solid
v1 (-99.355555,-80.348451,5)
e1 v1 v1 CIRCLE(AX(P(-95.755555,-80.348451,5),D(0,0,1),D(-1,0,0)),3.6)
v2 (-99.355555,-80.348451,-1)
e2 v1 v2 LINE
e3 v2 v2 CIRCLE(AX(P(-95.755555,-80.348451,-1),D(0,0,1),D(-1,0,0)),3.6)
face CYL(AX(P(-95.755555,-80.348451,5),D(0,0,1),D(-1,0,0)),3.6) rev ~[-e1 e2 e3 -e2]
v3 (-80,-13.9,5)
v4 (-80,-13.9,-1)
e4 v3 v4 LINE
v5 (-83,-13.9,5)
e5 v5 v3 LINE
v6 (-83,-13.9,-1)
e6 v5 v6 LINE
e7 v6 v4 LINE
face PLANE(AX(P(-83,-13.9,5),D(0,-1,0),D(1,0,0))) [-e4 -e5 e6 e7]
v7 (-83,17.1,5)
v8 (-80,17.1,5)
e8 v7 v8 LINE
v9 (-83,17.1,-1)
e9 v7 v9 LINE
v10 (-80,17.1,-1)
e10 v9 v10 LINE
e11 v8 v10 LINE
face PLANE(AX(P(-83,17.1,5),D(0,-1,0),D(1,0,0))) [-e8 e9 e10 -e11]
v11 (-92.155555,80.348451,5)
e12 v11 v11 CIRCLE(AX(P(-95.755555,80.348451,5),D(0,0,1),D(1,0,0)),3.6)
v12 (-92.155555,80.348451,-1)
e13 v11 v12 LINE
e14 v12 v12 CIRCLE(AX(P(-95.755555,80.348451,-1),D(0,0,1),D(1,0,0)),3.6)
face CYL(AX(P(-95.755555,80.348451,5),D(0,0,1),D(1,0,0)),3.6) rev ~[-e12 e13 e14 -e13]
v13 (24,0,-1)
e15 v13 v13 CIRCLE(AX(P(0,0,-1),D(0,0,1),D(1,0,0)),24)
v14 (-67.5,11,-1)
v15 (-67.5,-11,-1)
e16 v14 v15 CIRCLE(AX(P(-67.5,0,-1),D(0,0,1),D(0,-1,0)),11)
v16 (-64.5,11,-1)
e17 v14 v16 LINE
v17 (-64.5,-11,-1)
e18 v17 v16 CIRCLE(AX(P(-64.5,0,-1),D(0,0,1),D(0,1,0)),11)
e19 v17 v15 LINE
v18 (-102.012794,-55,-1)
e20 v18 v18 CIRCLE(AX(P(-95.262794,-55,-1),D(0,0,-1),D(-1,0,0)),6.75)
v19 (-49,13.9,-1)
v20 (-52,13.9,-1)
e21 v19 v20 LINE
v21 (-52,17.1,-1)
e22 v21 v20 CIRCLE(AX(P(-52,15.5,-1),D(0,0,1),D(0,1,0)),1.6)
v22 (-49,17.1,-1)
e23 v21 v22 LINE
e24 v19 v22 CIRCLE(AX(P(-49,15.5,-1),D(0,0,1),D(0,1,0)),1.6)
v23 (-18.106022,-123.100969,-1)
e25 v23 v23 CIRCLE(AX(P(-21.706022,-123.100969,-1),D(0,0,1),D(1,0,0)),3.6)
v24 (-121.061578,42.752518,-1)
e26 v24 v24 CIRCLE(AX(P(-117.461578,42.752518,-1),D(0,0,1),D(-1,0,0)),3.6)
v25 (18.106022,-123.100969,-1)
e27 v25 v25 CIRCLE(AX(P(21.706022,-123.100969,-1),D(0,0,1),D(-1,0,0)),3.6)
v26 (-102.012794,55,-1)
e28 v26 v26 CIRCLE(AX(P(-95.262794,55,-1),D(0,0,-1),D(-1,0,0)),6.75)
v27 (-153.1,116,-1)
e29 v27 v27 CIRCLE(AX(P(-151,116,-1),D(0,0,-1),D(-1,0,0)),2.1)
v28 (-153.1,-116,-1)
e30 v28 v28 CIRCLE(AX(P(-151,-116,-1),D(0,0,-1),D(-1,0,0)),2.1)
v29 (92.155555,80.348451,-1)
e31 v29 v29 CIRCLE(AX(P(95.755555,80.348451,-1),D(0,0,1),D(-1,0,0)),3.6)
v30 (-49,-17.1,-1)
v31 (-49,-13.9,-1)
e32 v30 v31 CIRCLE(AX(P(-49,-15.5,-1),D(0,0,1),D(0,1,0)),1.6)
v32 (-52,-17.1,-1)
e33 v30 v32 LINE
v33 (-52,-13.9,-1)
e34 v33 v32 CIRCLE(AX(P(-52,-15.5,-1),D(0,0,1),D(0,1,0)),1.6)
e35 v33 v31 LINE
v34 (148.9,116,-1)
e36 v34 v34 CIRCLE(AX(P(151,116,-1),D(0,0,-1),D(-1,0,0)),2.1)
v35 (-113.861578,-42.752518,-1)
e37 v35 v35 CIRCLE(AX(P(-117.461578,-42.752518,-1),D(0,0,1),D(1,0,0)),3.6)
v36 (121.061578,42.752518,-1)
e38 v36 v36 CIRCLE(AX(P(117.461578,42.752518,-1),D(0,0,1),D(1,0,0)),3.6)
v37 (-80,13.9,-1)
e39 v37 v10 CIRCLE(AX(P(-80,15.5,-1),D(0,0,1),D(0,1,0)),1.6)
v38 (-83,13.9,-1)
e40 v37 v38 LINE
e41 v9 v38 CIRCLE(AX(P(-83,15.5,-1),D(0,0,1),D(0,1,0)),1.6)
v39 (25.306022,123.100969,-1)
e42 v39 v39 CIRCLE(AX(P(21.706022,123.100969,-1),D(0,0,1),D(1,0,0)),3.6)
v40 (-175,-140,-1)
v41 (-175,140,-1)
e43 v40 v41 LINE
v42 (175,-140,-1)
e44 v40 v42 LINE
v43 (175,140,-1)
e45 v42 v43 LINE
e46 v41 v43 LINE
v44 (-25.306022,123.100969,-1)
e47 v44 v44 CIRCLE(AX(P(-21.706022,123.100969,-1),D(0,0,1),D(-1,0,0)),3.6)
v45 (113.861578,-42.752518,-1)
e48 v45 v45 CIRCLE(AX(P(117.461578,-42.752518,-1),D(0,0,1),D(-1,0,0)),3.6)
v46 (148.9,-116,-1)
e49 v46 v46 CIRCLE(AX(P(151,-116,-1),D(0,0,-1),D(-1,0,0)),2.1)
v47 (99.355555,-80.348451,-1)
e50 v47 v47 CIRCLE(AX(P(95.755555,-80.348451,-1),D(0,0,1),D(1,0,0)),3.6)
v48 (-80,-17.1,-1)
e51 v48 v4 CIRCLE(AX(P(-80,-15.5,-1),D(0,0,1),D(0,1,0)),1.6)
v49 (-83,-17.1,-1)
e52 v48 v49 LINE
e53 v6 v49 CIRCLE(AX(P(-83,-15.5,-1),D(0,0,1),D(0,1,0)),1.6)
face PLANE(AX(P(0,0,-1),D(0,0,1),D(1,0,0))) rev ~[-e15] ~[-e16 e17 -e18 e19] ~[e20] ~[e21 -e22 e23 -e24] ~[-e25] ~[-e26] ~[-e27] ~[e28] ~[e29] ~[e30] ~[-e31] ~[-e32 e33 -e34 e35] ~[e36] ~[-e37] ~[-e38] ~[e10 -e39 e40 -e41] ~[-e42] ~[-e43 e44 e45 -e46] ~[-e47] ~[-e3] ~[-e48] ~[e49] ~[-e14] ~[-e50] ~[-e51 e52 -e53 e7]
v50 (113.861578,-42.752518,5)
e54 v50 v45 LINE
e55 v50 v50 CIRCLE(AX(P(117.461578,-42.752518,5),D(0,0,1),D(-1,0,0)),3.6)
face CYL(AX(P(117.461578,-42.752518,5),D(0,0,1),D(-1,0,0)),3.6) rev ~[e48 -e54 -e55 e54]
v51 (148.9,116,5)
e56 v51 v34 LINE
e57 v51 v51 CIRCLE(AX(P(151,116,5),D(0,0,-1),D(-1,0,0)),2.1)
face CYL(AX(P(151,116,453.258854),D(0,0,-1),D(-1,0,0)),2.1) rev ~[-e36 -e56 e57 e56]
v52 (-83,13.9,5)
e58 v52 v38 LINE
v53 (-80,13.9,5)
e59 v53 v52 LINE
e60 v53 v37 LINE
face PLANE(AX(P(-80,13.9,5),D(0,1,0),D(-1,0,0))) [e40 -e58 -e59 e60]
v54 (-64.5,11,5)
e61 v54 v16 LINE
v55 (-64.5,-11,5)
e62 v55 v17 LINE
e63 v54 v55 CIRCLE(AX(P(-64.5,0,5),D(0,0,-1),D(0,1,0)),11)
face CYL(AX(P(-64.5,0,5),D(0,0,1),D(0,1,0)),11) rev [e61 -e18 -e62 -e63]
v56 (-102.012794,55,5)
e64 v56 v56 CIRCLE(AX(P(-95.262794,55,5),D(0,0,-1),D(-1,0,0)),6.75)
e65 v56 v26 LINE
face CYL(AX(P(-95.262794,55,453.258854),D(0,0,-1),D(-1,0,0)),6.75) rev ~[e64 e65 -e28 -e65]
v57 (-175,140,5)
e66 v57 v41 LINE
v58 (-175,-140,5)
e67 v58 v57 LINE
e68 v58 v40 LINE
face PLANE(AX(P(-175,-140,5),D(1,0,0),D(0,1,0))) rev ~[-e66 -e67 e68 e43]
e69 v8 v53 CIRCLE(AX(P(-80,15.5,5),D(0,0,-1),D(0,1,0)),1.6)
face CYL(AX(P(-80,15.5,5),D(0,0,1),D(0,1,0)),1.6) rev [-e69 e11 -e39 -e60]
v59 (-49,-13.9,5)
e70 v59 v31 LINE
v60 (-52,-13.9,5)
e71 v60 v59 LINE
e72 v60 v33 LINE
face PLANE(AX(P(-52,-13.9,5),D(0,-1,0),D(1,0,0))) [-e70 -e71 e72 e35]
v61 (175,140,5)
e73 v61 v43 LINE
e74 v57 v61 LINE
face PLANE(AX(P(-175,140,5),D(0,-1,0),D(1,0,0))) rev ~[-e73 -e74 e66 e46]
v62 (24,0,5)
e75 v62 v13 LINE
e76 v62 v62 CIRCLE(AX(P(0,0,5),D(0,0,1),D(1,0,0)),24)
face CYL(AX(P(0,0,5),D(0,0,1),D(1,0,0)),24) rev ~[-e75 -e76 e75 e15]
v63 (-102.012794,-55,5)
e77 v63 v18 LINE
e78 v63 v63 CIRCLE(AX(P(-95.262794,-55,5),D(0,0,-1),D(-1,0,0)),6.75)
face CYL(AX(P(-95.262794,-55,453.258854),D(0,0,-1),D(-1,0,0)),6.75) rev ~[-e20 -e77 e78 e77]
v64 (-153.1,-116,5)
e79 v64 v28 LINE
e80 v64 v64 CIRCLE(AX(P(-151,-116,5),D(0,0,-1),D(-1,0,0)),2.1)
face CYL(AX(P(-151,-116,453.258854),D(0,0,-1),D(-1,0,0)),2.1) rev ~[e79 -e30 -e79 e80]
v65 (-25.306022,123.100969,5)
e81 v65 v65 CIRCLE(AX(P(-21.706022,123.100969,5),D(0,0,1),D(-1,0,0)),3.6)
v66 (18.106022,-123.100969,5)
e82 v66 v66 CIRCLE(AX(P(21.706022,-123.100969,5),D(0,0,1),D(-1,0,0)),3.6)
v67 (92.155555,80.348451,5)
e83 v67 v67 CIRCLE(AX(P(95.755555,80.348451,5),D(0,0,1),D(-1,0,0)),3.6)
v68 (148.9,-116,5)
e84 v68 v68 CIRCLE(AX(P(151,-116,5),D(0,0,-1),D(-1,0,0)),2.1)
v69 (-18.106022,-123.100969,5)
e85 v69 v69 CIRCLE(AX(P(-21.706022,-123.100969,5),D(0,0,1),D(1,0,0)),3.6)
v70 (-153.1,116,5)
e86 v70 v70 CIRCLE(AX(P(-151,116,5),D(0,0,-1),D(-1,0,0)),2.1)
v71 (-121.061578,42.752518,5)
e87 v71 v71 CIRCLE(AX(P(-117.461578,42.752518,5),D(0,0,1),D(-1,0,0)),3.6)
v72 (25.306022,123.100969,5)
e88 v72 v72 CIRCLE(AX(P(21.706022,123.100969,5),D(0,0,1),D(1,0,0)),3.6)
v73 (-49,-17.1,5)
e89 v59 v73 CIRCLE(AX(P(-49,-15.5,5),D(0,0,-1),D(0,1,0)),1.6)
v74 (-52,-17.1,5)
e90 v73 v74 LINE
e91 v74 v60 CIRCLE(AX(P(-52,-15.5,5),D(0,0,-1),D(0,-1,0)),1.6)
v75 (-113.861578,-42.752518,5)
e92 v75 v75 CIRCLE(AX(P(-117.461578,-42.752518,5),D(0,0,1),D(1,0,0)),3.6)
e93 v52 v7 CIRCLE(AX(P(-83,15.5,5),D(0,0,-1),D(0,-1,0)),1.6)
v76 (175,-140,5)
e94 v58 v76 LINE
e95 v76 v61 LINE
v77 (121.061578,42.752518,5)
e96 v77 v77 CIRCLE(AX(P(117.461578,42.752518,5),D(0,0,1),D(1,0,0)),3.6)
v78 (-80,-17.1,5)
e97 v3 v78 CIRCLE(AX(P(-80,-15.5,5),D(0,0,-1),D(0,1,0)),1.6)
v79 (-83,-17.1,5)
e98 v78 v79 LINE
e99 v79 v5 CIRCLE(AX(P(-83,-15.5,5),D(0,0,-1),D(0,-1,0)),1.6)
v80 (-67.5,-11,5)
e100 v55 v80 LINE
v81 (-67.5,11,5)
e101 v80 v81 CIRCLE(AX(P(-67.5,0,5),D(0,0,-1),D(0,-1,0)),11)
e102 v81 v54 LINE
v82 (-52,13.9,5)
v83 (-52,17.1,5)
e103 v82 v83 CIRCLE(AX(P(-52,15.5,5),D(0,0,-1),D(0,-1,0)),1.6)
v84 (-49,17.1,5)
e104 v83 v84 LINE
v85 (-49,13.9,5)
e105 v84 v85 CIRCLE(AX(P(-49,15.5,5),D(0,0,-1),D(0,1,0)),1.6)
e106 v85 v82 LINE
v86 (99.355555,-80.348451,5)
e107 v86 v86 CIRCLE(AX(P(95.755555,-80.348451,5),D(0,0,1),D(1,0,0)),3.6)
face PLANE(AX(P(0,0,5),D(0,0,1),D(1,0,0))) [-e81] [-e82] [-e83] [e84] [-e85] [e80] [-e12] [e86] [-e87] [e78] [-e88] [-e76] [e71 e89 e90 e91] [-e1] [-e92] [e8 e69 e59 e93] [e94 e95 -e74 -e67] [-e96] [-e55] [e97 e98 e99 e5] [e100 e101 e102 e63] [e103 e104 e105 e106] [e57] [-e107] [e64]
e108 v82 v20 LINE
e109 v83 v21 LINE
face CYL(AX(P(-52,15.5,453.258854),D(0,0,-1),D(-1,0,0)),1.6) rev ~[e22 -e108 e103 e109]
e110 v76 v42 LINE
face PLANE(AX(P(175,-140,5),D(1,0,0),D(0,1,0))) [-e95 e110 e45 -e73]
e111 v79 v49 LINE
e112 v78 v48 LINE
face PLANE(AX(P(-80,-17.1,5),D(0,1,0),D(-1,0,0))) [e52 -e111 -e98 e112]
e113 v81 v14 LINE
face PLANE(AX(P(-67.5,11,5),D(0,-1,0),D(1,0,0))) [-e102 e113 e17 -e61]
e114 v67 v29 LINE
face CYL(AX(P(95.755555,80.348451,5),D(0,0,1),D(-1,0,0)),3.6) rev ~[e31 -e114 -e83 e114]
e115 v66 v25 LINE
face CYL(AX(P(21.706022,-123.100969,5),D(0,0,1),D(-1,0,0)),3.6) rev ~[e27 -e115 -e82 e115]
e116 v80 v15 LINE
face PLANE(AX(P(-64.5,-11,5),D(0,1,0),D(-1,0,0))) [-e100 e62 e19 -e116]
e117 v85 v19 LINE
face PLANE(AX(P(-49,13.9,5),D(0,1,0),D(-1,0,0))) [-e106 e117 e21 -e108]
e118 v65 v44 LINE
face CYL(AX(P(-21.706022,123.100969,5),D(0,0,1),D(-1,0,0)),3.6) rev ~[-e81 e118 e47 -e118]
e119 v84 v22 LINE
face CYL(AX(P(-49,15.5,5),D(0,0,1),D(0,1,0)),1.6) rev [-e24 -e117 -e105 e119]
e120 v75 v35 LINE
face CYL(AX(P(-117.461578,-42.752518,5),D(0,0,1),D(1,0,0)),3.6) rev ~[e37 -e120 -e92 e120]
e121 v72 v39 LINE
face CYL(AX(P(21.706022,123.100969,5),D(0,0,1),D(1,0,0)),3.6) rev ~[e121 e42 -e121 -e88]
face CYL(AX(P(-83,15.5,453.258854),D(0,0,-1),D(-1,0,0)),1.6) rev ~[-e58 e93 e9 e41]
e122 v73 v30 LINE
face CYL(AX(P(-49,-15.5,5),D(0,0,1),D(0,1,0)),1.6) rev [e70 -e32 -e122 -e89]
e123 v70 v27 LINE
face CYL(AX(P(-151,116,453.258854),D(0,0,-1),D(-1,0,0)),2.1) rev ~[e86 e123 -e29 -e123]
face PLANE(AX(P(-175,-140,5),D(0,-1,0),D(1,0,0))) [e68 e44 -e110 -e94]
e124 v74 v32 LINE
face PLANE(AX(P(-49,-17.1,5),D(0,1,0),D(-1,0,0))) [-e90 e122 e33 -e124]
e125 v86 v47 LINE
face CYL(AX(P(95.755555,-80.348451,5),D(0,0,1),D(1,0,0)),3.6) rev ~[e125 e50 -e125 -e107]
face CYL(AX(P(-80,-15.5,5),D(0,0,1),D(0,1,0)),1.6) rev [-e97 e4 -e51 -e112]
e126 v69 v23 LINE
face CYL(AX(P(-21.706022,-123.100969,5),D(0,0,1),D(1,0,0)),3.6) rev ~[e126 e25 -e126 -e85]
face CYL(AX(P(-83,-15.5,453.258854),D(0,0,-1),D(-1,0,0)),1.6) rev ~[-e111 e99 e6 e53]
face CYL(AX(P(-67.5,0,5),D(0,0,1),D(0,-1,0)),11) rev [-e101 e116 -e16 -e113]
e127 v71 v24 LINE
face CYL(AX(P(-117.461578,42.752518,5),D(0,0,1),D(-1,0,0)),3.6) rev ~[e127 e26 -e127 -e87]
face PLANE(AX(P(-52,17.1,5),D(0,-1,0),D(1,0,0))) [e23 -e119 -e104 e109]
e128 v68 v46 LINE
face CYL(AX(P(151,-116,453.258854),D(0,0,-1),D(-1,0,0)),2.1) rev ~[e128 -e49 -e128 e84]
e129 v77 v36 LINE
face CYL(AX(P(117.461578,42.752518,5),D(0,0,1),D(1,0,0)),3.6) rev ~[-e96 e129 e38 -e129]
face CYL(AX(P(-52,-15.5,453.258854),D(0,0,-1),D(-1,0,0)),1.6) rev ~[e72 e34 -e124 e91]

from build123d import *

# Parameters (mm, degrees)
ESBO_O1_W                    = 350
ESBO_O1_H                    = 280
RESSALTO_EXTRUS_O1_DEPTH     = 6
ESBO_O2_R                    = 24
CORTE_EXTRUS_O1_DEPTH        = 225.189651858
FUROS_GUIA_COM_8_0MM1_D      = 8
FURO_DE_DI_METRO_3_2_3_2_1_D = 3.2
FURO_COM_FOLGA_DE_M121_D     = 13.5
ESBO_O9_R                    = 3.6
CORTE_EXTRUS_O2_DEPTH        = 10
FURO_DE_DI_METRO_4_2_4_2_1_D = 4.2
CORTE_EXTRUS_O3_DEPTH        = 225.189651858


with BuildPart() as part:
    # Esboço1 → Ressalto-extrusão1 (new body)
    with BuildSketch(Plane.XY.offset(5)):
        Rectangle(ESBO_O1_W, ESBO_O1_H)
    extrude(amount=-RESSALTO_EXTRUS_O1_DEPTH)

    # Esboço2 → Corte-extrusão1 (cut, through all)
    with BuildSketch(Plane.XY.offset(5)):
        Circle(ESBO_O2_R)
    extrude(amount=-CORTE_EXTRUS_O1_DEPTH, mode=Mode.SUBTRACT)

    # Furos-guia com Ø8.0mm1 (through all)
    with Locations(Plane.XY.offset(5)):
        with Locations((-67.5, 0)):
            Hole(FUROS_GUIA_COM_8_0MM1_D / 2)

    # Furo de diâmetro Ø3.2 (3.2)1 (through all)
    with Locations(Plane.XY.offset(5)):
        with Locations((-83, 15.5), (-83, -15.5), (-52, 15.5), (-52, -15.5)):
            Hole(FURO_DE_DI_METRO_3_2_3_2_1_D / 2)

    # Furo com folga de M121 (through all)
    with Locations(Plane.XY.offset(5)):
        with Locations((-95.262794416, 55), (-95.262794416, -55)):
            Hole(FURO_COM_FOLGA_DE_M121_D / 2)

    # Esboço9 → Corte-extrusão2 (cut)
    with BuildSketch(Plane.XY.offset(5)):
        with Locations((-95.75555539, 80.348451211)):
            Circle(ESBO_O9_R)
        with Locations(Location((-117.461577598, 42.752517916, 0), (0, 0, 180))):
            Circle(ESBO_O9_R)
        with Locations((21.706022208, 123.100969127)):
            Circle(ESBO_O9_R)
        with Locations(Location((-21.706022208, 123.100969127, 0), (0, 0, 180))):
            Circle(ESBO_O9_R)
        with Locations((117.461577598, 42.752517916)):
            Circle(ESBO_O9_R)
        with Locations(Location((95.75555539, 80.348451211, 0), (0, 0, 180))):
            Circle(ESBO_O9_R)
        with Locations((95.75555539, -80.348451211)):
            Circle(ESBO_O9_R)
        with Locations(Location((117.461577598, -42.752517916, 0), (0, 0, 180))):
            Circle(ESBO_O9_R)
        with Locations((-21.706022208, -123.100969127)):
            Circle(ESBO_O9_R)
        with Locations(Location((21.706022208, -123.100969127, 0), (0, 0, 180))):
            Circle(ESBO_O9_R)
        with Locations((-117.461577598, -42.752517916)):
            Circle(ESBO_O9_R)
        with Locations(Location((-95.75555539, -80.348451211, 0), (0, 0, 180))):
            Circle(ESBO_O9_R)
    extrude(amount=-CORTE_EXTRUS_O2_DEPTH, mode=Mode.SUBTRACT)

    # Furo de diâmetro Ø4.2 (4.2)1 (through all)
    with Locations(Plane.XY.offset(5)):
        with Locations((-151, 116), (151, 116), (151, -116), (-151, -116)):
            Hole(FURO_DE_DI_METRO_4_2_4_2_1_D / 2)

    # Esboço12 → Corte-extrusão3 (cut, through all)
    with BuildSketch(Plane.XY.offset(5)):
        with BuildLine():
            Line((-67.5, 11), (-64.5, 11))
            ThreePointArc((-64.5, 11), (-53.5, 0), (-64.5, -11))
            Line((-64.5, -11), (-67.5, -11))
            ThreePointArc((-67.5, -11), (-78.5, 0), (-67.5, 11))
        make_face()
        with BuildLine():
            Line((-83, 17.1), (-80, 17.1))
            ThreePointArc((-80, 17.1), (-78.4, 15.5), (-80, 13.9))
            Line((-80, 13.9), (-83, 13.9))
            ThreePointArc((-83, 13.9), (-84.6, 15.5), (-83, 17.1))
        make_face()
        with BuildLine():
            Line((-83, -13.9), (-80, -13.9))
            ThreePointArc((-80, -13.9), (-78.4, -15.5), (-80, -17.1))
            Line((-80, -17.1), (-83, -17.1))
            ThreePointArc((-83, -17.1), (-84.6, -15.5), (-83, -13.9))
        make_face()
        with BuildLine():
            Line((-52, 17.1), (-49, 17.1))
            ThreePointArc((-49, 17.1), (-47.4, 15.5), (-49, 13.9))
            Line((-49, 13.9), (-52, 13.9))
            ThreePointArc((-52, 13.9), (-53.6, 15.5), (-52, 17.1))
        make_face()
        with BuildLine():
            Line((-52, -13.9), (-49, -13.9))
            ThreePointArc((-49, -13.9), (-47.4, -15.5), (-49, -17.1))
            Line((-49, -17.1), (-52, -17.1))
            ThreePointArc((-52, -17.1), (-53.6, -15.5), (-52, -13.9))
        make_face()
    extrude(amount=-CORTE_EXTRUS_O3_DEPTH, mode=Mode.SUBTRACT)


solid = part.part
